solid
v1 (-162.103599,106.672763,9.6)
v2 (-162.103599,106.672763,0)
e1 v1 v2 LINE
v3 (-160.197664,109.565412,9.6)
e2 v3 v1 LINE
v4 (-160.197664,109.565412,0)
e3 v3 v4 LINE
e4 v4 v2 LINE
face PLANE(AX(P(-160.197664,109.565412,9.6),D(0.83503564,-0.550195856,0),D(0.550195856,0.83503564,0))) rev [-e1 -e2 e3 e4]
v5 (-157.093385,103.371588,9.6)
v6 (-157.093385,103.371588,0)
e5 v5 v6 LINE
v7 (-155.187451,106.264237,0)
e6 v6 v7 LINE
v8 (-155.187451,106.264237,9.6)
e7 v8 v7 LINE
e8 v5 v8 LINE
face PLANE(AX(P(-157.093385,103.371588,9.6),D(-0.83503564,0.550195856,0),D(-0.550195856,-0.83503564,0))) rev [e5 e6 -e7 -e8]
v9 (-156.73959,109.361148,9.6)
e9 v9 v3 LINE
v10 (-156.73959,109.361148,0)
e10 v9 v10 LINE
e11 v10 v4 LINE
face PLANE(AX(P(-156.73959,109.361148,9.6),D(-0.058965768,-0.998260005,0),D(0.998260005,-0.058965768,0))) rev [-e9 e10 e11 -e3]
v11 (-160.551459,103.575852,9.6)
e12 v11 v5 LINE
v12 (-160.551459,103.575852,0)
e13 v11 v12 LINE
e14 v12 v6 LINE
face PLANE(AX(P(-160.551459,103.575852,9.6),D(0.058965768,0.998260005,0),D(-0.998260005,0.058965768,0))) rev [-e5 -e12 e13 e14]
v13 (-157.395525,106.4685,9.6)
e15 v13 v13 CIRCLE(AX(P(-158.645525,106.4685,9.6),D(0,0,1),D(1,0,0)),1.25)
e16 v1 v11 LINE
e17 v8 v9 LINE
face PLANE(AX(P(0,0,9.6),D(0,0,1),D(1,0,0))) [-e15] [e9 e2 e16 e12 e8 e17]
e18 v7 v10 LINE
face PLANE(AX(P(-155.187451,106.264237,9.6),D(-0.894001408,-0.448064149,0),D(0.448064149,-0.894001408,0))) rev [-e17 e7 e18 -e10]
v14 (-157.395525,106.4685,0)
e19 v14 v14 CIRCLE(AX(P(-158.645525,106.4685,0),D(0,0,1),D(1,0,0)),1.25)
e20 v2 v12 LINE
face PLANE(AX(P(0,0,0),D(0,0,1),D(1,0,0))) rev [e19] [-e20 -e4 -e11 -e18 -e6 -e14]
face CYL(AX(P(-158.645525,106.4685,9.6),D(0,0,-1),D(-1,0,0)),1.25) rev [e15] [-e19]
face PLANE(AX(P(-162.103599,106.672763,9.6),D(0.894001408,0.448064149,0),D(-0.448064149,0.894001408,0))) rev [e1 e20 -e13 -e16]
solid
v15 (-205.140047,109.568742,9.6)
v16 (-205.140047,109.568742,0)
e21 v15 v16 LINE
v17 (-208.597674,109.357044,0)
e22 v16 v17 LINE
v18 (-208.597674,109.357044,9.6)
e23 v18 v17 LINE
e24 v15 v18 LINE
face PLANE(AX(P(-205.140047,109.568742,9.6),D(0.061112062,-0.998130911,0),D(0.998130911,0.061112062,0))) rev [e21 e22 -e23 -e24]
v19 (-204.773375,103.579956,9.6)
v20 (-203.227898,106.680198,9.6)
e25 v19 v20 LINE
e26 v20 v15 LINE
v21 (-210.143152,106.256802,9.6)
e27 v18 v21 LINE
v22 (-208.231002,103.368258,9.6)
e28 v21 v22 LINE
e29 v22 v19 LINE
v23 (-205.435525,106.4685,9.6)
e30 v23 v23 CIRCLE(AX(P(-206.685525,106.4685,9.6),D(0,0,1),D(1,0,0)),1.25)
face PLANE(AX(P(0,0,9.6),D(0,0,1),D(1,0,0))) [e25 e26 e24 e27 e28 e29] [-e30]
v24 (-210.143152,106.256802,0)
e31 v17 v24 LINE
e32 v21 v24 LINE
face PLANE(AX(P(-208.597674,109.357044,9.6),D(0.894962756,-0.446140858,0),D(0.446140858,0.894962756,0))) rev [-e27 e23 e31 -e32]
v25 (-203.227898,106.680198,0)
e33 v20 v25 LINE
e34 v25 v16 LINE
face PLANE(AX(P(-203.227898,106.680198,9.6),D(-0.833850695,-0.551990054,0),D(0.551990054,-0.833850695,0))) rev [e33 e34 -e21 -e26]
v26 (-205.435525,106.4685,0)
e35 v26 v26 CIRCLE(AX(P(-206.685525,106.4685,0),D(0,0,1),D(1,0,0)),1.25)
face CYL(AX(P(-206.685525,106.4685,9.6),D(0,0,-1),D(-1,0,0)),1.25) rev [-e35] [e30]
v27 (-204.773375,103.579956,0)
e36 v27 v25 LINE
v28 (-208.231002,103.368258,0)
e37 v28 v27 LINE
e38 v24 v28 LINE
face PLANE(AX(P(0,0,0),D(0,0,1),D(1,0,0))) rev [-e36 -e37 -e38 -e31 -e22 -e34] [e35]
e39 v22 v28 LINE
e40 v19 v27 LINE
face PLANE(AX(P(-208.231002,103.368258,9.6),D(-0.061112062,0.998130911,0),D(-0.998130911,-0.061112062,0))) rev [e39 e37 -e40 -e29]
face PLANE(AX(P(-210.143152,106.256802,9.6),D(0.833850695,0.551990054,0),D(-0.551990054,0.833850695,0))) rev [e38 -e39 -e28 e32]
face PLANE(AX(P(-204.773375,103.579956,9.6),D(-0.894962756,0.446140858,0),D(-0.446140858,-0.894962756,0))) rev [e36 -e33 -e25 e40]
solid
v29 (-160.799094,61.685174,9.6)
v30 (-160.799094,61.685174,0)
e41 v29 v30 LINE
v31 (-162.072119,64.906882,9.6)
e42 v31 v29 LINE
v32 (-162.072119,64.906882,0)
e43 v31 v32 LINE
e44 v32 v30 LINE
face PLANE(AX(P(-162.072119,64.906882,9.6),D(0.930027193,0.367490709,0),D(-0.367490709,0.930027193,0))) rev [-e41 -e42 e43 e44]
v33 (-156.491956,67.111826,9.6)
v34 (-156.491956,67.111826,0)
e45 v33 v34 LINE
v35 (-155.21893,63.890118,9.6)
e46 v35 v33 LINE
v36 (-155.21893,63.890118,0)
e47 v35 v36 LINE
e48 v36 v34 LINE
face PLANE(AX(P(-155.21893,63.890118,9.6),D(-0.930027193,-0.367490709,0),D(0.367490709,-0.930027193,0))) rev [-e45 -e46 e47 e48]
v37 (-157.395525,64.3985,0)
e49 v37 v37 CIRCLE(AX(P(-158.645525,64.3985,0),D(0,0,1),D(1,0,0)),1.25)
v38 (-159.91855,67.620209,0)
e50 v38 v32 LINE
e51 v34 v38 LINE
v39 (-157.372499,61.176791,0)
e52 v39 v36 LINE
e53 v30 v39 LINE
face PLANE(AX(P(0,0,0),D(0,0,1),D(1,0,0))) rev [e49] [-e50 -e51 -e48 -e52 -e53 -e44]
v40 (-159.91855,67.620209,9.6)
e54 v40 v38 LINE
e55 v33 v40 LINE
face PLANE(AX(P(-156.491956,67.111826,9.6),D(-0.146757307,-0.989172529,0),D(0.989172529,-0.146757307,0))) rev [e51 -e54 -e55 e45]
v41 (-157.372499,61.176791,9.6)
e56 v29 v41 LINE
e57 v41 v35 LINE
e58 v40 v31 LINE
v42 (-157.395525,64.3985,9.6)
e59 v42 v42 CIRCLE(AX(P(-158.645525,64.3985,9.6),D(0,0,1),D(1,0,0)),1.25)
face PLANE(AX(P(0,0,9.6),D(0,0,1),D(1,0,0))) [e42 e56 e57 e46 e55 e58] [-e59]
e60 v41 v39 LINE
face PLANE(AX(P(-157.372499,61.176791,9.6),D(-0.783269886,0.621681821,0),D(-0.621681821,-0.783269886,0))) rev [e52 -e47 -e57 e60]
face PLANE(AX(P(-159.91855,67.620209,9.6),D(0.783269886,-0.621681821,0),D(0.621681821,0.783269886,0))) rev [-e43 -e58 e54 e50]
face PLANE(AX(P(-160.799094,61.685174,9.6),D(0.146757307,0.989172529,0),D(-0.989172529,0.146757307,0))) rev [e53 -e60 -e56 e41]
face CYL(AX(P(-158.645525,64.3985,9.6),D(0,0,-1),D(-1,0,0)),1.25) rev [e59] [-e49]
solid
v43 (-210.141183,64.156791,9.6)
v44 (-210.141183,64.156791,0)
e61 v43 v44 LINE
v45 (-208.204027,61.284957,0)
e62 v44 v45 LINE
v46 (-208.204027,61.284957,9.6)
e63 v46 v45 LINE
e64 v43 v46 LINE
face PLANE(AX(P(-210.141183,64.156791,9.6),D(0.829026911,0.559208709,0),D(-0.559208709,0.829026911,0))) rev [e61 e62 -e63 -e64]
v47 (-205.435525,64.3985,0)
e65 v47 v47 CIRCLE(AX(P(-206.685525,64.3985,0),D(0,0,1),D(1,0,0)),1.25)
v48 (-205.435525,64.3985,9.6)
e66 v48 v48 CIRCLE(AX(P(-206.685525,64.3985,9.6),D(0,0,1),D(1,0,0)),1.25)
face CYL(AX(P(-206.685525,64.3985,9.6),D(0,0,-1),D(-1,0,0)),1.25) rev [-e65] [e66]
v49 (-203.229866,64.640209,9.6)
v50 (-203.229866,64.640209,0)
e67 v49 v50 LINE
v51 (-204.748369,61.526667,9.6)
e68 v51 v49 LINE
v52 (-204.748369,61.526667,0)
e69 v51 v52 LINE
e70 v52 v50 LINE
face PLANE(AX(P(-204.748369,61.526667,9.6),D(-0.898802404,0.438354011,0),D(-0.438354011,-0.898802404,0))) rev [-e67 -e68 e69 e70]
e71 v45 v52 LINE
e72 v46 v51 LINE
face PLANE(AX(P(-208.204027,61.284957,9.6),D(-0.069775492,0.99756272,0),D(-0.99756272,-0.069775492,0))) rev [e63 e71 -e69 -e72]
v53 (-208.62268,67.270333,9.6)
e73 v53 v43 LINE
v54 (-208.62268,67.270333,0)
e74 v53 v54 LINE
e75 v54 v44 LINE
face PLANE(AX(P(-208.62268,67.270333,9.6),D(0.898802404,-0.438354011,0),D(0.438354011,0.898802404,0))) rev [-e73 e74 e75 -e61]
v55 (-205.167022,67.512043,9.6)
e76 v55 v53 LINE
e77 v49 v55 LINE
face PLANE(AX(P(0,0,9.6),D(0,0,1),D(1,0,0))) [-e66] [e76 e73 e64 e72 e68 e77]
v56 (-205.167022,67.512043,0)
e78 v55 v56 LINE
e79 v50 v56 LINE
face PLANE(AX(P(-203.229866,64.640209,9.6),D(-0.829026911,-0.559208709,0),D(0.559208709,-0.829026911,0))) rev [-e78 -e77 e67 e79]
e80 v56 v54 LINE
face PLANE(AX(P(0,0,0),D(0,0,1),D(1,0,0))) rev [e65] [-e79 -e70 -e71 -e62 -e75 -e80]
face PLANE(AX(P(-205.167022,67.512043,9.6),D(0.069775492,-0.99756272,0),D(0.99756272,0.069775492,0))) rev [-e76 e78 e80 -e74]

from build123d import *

# Parameters (mm, degrees)
SKETCH1_R             = 1.25
BOSS_EXTRUDE1_DEPTH   = 9.6
BOSS_EXTRUDE1_2_DEPTH = 9.6
BOSS_EXTRUDE1_3_DEPTH = 9.6
BOSS_EXTRUDE1_4_DEPTH = 9.6


with BuildPart() as part:
    # Sketch1 → Boss-Extrude1 (new body)
    with BuildSketch(Plane.XY):
        Polygon((-204.773374991, 103.579956463), (-203.227897726, 106.680198392), (-205.140047362, 109.56874193), (-208.597674263, 109.357043538), (-210.143151529, 106.256801608), (-208.231001893, 103.368258071), align=None)
        with Locations((-206.685524627, 106.4685)):
            Circle(SKETCH1_R, mode=Mode.SUBTRACT)
    extrude(amount=BOSS_EXTRUDE1_DEPTH)


with BuildPart() as body_2:
    # Sketch1 → Boss-Extrude1 2 (new body)
    with BuildSketch(Plane.XY):
        Polygon((-157.093384884, 103.371588278), (-155.187450531, 106.264236587), (-156.739590274, 109.36114831), (-160.197664371, 109.565411723), (-162.103598724, 106.672763414), (-160.551458981, 103.575851691), align=None)
        with Locations((-158.645524627, 106.4685)):
            Circle(SKETCH1_R, mode=Mode.SUBTRACT)
    extrude(amount=BOSS_EXTRUDE1_2_DEPTH)


with BuildPart() as body_3:
    # Sketch1 → Boss-Extrude1 3 (new body)
    with BuildSketch(Plane.XY):
        Polygon((-204.748368835, 61.526666538), (-203.229865997, 64.640209397), (-205.16702179, 67.512042859), (-208.62268042, 67.270333463), (-210.141183257, 64.156790604), (-208.204027465, 61.284957142), align=None)
        with Locations((-206.685524627, 64.3985)):
            Circle(SKETCH1_R, mode=Mode.SUBTRACT)
    extrude(amount=BOSS_EXTRUDE1_3_DEPTH)


with BuildPart() as body_4:
    # Sketch1 → Boss-Extrude1 4 (new body)
    with BuildSketch(Plane.XY):
        Polygon((-157.372499469, 61.176791301), (-155.21893047, 63.890117777), (-156.491955629, 67.111826477), (-159.918549785, 67.6202087), (-162.072118784, 64.906882224), (-160.799093626, 61.685173524), align=None)
        with Locations((-158.645524627, 64.3985)):
            Circle(SKETCH1_R, mode=Mode.SUBTRACT)
    extrude(amount=BOSS_EXTRUDE1_4_DEPTH)


solid = Compound([part.part, body_2.part, body_3.part, body_4.part])
